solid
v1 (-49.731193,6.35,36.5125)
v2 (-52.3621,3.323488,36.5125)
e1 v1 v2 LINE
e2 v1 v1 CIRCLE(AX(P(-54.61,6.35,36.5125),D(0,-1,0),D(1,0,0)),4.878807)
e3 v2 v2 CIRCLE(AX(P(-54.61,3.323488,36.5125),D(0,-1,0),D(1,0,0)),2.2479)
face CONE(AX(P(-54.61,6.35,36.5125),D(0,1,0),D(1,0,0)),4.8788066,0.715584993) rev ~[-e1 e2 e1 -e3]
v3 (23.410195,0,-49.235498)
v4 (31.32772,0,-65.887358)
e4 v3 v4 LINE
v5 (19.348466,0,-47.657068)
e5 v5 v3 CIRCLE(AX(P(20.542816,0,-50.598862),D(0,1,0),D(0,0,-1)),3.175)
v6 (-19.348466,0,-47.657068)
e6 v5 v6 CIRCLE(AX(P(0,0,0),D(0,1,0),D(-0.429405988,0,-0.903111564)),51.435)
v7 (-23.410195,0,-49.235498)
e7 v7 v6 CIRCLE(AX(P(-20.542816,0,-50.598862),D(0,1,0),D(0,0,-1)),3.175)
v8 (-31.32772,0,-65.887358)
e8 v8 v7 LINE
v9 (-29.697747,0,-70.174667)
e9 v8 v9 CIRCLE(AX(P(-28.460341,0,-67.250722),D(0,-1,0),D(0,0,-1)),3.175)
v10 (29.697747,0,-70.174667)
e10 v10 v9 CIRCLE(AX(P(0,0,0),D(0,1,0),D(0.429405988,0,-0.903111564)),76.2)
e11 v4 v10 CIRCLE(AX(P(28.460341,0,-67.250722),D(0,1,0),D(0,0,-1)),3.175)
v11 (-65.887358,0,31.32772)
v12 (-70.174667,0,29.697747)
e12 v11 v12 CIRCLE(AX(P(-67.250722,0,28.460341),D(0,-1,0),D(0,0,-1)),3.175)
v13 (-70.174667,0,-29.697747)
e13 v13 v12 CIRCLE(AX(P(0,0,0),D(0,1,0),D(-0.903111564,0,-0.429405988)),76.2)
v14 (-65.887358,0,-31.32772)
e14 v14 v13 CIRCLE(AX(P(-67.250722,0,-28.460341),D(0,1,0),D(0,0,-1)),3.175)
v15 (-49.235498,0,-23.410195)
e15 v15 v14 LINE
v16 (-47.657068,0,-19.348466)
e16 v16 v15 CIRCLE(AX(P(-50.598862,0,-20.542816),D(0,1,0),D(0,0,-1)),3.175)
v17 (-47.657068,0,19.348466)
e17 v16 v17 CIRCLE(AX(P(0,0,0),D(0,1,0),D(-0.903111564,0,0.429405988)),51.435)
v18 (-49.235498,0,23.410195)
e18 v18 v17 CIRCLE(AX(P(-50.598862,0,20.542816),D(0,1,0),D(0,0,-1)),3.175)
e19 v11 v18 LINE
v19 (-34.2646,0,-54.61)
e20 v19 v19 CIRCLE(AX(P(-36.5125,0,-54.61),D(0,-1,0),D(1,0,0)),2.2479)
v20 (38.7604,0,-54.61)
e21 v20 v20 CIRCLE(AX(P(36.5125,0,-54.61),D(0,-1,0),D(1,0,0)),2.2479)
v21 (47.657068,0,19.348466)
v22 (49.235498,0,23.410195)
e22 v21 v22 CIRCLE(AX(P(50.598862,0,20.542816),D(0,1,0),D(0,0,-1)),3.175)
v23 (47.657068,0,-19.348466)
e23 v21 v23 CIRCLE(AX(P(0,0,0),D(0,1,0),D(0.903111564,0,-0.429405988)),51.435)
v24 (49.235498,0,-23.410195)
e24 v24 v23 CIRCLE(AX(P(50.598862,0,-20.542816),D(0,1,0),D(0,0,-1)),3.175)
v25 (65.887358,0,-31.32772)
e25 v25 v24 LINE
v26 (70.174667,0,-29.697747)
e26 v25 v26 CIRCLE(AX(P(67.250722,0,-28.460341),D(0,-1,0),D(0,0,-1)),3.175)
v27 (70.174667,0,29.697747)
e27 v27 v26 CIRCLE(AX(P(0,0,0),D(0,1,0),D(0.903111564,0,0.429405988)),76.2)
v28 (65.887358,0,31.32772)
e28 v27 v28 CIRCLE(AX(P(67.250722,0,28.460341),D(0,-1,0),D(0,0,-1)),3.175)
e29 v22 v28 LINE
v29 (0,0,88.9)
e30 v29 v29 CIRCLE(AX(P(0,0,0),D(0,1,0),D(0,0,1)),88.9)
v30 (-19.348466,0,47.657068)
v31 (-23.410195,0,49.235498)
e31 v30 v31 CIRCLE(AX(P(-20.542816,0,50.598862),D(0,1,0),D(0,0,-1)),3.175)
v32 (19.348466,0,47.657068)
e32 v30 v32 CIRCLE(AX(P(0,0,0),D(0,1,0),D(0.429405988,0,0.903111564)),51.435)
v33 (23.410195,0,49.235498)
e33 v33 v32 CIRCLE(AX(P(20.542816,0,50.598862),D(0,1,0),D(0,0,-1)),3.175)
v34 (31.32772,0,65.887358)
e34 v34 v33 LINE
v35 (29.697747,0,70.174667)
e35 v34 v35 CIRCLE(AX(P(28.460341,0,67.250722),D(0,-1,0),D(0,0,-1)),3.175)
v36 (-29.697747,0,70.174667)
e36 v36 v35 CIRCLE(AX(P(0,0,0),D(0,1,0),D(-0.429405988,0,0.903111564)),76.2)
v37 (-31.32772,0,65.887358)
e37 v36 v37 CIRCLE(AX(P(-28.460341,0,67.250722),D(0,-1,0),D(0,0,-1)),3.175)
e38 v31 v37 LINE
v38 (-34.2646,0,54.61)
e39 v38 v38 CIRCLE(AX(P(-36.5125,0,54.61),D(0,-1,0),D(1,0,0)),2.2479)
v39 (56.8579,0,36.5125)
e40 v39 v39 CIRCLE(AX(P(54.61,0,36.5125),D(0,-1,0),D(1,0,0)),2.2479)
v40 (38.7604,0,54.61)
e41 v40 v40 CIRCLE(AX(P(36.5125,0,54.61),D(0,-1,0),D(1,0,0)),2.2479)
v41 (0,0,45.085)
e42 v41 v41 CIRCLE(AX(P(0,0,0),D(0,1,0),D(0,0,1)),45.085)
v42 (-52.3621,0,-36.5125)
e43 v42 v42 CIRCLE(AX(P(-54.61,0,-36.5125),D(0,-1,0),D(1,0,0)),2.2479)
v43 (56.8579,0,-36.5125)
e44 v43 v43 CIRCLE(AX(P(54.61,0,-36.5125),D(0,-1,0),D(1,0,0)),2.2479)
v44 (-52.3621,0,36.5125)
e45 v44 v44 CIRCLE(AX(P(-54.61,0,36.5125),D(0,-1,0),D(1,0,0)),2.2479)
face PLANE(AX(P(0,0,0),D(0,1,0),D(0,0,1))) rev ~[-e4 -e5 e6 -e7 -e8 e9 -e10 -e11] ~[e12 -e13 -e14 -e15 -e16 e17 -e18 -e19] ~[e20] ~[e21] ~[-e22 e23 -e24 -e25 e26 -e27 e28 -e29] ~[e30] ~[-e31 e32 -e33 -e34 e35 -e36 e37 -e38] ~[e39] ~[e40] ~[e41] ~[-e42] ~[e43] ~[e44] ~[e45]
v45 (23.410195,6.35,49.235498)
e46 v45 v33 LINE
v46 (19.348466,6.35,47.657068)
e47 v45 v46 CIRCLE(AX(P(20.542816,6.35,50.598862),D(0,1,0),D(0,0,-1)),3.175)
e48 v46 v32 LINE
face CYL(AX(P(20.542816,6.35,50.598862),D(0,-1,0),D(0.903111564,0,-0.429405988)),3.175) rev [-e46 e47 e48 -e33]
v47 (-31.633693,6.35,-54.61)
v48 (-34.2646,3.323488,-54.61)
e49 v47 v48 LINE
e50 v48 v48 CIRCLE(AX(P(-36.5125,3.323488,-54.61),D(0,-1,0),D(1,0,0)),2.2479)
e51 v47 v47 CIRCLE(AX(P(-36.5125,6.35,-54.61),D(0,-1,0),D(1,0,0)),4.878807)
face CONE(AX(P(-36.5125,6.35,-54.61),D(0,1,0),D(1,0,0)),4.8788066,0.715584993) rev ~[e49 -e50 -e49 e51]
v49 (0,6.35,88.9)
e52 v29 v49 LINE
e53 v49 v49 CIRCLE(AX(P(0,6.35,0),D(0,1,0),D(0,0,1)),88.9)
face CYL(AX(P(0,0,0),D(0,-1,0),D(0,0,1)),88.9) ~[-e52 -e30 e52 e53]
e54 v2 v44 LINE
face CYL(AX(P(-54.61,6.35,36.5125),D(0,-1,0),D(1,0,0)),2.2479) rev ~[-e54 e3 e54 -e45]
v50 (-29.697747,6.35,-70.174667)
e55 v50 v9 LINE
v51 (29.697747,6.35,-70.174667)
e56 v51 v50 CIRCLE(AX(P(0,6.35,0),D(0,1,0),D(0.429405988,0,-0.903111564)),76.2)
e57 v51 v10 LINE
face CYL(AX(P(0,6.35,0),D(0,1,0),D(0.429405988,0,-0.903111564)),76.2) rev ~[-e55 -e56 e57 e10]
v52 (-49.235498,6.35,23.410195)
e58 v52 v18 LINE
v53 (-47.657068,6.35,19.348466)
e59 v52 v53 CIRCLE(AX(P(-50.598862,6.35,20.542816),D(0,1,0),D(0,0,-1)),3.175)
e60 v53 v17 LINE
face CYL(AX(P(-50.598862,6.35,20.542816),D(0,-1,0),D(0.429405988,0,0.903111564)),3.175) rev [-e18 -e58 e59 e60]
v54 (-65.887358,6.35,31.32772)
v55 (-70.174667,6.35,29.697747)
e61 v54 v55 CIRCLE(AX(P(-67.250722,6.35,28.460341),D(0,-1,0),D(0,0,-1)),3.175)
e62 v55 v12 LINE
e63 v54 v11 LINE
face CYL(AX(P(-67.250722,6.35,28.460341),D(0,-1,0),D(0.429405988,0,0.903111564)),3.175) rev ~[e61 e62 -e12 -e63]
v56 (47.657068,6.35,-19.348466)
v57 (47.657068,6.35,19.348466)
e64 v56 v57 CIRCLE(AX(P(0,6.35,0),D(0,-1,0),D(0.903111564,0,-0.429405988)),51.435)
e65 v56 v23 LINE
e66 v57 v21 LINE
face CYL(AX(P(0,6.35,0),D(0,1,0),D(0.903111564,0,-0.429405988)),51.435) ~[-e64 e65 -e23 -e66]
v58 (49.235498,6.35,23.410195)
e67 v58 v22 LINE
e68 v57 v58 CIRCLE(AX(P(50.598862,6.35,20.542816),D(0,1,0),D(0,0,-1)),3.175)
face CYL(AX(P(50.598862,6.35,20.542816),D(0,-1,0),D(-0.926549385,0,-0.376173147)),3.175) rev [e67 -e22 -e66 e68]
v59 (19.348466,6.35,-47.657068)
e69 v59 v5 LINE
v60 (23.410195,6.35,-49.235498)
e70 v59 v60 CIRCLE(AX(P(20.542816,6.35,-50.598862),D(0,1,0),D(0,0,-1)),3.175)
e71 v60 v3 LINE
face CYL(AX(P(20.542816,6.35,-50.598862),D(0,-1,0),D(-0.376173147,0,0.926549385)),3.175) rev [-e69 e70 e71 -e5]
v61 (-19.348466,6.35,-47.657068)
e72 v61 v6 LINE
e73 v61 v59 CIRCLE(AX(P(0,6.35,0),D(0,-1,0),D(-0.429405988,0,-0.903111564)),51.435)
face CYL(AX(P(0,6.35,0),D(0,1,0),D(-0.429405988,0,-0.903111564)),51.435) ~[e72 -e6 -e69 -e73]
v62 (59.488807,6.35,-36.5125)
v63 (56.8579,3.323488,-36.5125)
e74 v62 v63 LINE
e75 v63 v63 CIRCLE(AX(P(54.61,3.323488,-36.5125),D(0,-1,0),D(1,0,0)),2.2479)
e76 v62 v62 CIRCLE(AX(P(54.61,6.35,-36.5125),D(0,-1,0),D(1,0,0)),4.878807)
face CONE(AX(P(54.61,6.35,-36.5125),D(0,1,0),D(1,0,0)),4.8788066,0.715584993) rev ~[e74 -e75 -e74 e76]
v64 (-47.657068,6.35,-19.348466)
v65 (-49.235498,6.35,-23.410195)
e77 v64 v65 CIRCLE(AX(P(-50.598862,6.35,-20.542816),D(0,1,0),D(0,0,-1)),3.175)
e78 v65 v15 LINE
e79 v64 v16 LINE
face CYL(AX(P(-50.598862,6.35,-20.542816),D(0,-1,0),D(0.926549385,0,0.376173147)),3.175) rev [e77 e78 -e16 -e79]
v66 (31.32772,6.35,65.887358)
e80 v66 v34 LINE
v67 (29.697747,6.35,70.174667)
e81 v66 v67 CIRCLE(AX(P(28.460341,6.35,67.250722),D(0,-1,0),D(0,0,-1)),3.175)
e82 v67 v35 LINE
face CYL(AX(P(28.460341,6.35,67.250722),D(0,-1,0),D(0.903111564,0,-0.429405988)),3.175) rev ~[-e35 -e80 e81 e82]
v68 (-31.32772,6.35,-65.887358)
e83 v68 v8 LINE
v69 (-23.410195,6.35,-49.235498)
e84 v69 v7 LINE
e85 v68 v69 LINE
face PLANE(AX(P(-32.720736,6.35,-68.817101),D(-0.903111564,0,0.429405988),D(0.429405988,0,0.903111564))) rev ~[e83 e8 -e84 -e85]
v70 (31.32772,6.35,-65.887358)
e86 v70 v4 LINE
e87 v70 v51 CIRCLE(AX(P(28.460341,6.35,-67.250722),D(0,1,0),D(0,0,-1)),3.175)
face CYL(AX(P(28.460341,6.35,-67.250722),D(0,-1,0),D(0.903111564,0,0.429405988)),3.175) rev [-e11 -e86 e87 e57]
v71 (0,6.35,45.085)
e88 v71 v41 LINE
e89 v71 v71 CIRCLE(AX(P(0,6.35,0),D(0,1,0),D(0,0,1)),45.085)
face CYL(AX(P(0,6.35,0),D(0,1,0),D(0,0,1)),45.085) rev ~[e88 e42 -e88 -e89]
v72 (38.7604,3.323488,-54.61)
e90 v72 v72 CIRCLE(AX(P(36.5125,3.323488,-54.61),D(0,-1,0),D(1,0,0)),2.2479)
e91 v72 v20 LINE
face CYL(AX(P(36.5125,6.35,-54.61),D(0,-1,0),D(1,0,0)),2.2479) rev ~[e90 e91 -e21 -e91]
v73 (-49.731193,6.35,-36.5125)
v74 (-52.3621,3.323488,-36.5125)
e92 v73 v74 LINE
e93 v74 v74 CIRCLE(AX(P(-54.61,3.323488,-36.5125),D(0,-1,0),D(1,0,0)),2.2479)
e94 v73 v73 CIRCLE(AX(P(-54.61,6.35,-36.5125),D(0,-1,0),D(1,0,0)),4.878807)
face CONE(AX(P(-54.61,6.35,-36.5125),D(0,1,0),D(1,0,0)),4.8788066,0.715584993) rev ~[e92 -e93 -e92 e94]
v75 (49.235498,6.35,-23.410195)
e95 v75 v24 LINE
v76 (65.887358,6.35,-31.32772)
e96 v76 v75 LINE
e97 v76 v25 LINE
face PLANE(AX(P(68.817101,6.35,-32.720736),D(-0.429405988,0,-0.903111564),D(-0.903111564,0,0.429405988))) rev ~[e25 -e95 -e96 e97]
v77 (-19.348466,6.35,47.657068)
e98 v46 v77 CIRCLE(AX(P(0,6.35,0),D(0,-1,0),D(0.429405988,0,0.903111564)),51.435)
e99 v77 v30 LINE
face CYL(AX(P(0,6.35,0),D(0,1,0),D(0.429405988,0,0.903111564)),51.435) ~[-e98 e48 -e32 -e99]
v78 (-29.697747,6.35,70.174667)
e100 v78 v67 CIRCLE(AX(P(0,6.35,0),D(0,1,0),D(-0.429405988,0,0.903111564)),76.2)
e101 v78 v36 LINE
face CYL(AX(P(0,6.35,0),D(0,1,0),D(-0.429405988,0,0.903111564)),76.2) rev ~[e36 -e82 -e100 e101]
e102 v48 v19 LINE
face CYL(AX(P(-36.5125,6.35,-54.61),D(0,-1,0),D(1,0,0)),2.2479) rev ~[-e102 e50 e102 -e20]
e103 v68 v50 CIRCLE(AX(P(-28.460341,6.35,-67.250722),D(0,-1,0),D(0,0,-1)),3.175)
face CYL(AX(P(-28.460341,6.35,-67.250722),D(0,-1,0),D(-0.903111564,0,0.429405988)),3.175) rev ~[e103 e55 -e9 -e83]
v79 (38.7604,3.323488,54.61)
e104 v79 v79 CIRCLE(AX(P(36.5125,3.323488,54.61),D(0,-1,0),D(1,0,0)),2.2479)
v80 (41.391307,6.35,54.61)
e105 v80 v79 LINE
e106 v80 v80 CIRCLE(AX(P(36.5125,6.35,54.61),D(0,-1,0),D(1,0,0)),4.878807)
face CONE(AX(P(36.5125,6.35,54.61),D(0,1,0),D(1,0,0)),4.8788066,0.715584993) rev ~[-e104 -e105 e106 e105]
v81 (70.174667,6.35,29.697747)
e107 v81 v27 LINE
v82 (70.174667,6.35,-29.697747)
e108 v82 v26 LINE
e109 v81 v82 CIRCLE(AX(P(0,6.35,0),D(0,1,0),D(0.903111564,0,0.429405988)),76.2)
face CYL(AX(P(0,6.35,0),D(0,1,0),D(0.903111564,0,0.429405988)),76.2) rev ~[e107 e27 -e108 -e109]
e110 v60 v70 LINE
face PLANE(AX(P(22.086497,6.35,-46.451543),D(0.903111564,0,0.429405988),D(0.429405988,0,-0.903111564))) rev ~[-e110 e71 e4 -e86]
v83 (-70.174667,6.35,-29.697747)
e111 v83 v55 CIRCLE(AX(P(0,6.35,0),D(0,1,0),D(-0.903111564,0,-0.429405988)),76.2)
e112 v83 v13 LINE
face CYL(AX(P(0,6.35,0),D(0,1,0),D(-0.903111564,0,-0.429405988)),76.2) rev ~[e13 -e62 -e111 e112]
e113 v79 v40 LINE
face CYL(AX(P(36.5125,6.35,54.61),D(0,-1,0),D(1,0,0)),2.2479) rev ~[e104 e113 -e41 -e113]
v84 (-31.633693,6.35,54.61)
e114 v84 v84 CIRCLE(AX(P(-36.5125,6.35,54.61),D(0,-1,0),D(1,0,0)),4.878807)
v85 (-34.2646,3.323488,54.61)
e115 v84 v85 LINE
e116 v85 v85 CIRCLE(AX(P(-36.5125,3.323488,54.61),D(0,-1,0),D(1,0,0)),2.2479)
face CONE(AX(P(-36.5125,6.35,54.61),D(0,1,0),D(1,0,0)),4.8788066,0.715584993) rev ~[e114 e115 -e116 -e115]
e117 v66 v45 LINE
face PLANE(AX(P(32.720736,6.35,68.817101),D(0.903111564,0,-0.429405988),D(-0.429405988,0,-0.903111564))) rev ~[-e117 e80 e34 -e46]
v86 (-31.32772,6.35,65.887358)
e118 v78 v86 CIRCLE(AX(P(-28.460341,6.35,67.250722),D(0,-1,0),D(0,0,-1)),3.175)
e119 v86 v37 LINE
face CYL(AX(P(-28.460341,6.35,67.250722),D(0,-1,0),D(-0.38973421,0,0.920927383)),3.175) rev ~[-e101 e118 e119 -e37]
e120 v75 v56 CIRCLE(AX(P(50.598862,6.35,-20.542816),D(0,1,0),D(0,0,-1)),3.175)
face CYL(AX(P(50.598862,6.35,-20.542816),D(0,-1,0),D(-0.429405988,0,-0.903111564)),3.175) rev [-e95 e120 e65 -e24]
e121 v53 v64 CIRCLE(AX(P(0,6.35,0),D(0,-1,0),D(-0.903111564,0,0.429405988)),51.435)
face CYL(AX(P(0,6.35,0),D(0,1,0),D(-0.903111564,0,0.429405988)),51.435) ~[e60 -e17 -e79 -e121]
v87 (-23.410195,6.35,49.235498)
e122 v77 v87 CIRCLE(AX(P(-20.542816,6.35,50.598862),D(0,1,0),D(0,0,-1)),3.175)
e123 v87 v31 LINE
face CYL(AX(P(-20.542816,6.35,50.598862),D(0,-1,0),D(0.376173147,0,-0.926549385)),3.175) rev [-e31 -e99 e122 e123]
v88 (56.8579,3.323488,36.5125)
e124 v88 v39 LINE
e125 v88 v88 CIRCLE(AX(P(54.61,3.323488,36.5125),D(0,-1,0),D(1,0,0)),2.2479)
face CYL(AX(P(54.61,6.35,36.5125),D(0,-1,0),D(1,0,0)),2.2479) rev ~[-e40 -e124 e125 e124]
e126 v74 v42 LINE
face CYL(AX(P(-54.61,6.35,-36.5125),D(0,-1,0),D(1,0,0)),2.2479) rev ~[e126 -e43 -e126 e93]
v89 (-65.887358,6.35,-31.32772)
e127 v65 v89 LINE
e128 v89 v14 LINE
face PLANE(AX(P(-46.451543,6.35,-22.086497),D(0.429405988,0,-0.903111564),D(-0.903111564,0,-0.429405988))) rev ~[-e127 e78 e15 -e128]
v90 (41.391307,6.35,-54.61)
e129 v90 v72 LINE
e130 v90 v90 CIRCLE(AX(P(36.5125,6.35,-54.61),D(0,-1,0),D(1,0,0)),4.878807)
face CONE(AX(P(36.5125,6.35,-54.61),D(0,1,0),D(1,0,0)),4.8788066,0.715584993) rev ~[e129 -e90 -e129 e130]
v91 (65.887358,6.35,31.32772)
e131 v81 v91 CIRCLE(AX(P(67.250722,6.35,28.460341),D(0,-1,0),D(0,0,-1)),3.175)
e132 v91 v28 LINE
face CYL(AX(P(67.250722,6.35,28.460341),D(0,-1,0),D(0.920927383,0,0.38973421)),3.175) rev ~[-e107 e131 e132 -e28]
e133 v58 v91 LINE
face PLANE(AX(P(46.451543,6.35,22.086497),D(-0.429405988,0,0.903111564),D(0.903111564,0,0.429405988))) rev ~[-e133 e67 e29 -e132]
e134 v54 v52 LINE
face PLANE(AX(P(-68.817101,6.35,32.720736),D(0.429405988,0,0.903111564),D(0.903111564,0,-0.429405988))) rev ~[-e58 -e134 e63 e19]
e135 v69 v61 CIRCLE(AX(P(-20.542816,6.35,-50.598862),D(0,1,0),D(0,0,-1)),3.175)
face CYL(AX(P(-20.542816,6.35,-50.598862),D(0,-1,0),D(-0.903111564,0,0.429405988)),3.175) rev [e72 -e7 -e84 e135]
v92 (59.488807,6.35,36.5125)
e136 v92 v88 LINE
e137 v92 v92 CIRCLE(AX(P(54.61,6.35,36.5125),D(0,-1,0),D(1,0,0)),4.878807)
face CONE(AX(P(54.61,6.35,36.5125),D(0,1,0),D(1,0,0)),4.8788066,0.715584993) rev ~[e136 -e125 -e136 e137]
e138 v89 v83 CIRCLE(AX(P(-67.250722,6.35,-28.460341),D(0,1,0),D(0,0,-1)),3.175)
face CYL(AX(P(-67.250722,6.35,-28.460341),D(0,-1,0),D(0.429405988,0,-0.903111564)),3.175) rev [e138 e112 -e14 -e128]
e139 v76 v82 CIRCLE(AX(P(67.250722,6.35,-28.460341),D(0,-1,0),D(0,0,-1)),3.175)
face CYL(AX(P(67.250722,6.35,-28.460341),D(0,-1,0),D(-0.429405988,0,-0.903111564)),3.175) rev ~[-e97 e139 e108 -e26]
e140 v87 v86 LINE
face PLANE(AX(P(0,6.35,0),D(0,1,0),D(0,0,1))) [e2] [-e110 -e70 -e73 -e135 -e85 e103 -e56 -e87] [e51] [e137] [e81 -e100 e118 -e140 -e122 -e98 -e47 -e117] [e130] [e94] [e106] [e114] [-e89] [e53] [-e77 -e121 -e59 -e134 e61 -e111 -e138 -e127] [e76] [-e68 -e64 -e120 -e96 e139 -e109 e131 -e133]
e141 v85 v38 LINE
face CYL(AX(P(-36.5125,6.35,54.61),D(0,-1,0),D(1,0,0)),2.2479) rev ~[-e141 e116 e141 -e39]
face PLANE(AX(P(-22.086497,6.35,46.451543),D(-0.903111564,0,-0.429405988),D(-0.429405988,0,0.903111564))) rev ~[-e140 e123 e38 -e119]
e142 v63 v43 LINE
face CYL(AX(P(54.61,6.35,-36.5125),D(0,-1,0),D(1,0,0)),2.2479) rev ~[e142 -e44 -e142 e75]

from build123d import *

# Parameters (mm, degrees)
SKETCH1_R                                      = 88.9
BOSS_EXTRUDE1_DEPTH                            = 6.35
CSK_FOR_8_FLAT_HEAD_MACHINE_SCREW1_D           = 4.4958
CSK_FOR_8_FLAT_HEAD_MACHINE_SCREW1_CSINK_D     = 9.7576132
CSK_FOR_8_FLAT_HEAD_MACHINE_SCREW1_CSINK_ANGLE = 82
CIRPATTERN1_COUNT                              = 2
SKETCH4_R                                      = 45.085
CUT_EXTRUDE1_DEPTH                             = 126.88384527
CUT_EXTRUDE2_DEPTH                             = 126.88384527
FILLET1_R                                      = 3.175
CIRPATTERN2_COUNT                              = 4
FILLET1_OF_CIRPATTERN2_R                       = 3.175


with BuildPart() as part:
    # Sketch1 → Boss-Extrude1 (new body)
    with BuildSketch(Plane(origin=(0, 0, 0), x_dir=(1, 0, 0), z_dir=(0, 1, 0))):
        with Locations(Location((0, 0, 0), (0, 0, 270))):
            Circle(SKETCH1_R)
    extrude(amount=BOSS_EXTRUDE1_DEPTH)

    # CSK for #8 Flat Head Machine Screw1 (through all)
    with Locations(Plane(origin=(0, 6.35, 0), x_dir=(-1, 0, 0), z_dir=(0, 1, 0))):
        with Locations((36.5125, -54.61), (-36.5125, -54.61), (36.5125, 54.61), (-36.5125, 54.61), (-54.61, -36.5125), (-54.61, 36.5125), (54.61, 36.5125), (54.61, -36.5125)):
            csk_for_8_flat_head_machine_screw1 = CounterSinkHole(CSK_FOR_8_FLAT_HEAD_MACHINE_SCREW1_D / 2, CSK_FOR_8_FLAT_HEAD_MACHINE_SCREW1_CSINK_D / 2, counter_sink_angle=CSK_FOR_8_FLAT_HEAD_MACHINE_SCREW1_CSINK_ANGLE)

    # CirPattern1: CSK for #8 Flat Head Machine Screw1 ×2 about axis
    cirpattern1_axis = Axis((0, 0, 0), (0, 1, 0))
    for i in range(1, CIRPATTERN1_COUNT):
        add(csk_for_8_flat_head_machine_screw1.rotate(cirpattern1_axis, i * 360 / CIRPATTERN1_COUNT), mode=Mode.SUBTRACT)

    # Sketch4 → Cut-Extrude1 (cut, through all)
    with BuildSketch(Plane(origin=(0, 6.35, 0), x_dir=(1, 0, 0), z_dir=(0, 1, 0))):
        with Locations(Location((0, 0, 0), (0, 0, 270))):
            Circle(SKETCH4_R)
    extrude(amount=-CUT_EXTRUDE1_DEPTH, mode=Mode.SUBTRACT)

    # Sketch5 → Cut-Extrude2 (cut, through all)
    with BuildSketch(Plane(origin=(0, 6.35, 0), x_dir=(1, 0, 0), z_dir=(0, 1, 0))):
        with BuildLine():
            Line((-68.817101203, -32.720736269), (-46.451543312, -22.086496982))
            ThreePointArc((-46.451543312, -22.086496982), (-51.435, 0), (-46.451543312, 22.086496982))
            Line((-46.451543312, 22.086496982), (-68.817101203, 32.720736269))
            ThreePointArc((-68.817101203, 32.720736269), (-76.2, 0), (-68.817101203, -32.720736269))
        make_face()
    cut_extrude2 = extrude(amount=-CUT_EXTRUDE2_DEPTH, mode=Mode.SUBTRACT)

    # Fillet1
    fillet1_edges = [part.edges().sort_by_distance(p)[0] for p in [
        (-68.817101203, 3.175, 32.720736269),
        (-68.817101203, 3.175, -32.720736269),
        (-46.451543312, 3.175, -22.086496982),
        (-46.451543312, 3.175, 22.086496982),
    ]]
    fillet(fillet1_edges, radius=FILLET1_R)

    # CirPattern2: Cut-Extrude2 ×4 about axis
    cirpattern2_axis = Axis((0, 0, 0), (0, 1, 0))
    for i in range(1, CIRPATTERN2_COUNT):
        add(cut_extrude2.rotate(cirpattern2_axis, i * 360 / CIRPATTERN2_COUNT), mode=Mode.SUBTRACT)

    # Fillet1 of CirPattern2
    fillet1_of_cirpattern2_edges = [part.edges().sort_by_distance(p)[0] for p in [
        (32.720736269, 3.175, 68.817101203),
        (-32.720736269, 3.175, 68.817101203),
        (-22.086496982, 3.175, 46.451543312),
        (22.086496982, 3.175, 46.451543312),
        (68.817101203, 3.175, -32.720736269),
        (68.817101203, 3.175, 32.720736269),
        (46.451543312, 3.175, 22.086496982),
        (46.451543312, 3.175, -22.086496982),
        (-32.720736269, 3.175, -68.817101203),
        (32.720736269, 3.175, -68.817101203),
        (22.086496982, 3.175, -46.451543312),
        (-22.086496982, 3.175, -46.451543312),
    ]]
    fillet(fillet1_of_cirpattern2_edges, radius=FILLET1_OF_CIRPATTERN2_R)


solid = part.part
